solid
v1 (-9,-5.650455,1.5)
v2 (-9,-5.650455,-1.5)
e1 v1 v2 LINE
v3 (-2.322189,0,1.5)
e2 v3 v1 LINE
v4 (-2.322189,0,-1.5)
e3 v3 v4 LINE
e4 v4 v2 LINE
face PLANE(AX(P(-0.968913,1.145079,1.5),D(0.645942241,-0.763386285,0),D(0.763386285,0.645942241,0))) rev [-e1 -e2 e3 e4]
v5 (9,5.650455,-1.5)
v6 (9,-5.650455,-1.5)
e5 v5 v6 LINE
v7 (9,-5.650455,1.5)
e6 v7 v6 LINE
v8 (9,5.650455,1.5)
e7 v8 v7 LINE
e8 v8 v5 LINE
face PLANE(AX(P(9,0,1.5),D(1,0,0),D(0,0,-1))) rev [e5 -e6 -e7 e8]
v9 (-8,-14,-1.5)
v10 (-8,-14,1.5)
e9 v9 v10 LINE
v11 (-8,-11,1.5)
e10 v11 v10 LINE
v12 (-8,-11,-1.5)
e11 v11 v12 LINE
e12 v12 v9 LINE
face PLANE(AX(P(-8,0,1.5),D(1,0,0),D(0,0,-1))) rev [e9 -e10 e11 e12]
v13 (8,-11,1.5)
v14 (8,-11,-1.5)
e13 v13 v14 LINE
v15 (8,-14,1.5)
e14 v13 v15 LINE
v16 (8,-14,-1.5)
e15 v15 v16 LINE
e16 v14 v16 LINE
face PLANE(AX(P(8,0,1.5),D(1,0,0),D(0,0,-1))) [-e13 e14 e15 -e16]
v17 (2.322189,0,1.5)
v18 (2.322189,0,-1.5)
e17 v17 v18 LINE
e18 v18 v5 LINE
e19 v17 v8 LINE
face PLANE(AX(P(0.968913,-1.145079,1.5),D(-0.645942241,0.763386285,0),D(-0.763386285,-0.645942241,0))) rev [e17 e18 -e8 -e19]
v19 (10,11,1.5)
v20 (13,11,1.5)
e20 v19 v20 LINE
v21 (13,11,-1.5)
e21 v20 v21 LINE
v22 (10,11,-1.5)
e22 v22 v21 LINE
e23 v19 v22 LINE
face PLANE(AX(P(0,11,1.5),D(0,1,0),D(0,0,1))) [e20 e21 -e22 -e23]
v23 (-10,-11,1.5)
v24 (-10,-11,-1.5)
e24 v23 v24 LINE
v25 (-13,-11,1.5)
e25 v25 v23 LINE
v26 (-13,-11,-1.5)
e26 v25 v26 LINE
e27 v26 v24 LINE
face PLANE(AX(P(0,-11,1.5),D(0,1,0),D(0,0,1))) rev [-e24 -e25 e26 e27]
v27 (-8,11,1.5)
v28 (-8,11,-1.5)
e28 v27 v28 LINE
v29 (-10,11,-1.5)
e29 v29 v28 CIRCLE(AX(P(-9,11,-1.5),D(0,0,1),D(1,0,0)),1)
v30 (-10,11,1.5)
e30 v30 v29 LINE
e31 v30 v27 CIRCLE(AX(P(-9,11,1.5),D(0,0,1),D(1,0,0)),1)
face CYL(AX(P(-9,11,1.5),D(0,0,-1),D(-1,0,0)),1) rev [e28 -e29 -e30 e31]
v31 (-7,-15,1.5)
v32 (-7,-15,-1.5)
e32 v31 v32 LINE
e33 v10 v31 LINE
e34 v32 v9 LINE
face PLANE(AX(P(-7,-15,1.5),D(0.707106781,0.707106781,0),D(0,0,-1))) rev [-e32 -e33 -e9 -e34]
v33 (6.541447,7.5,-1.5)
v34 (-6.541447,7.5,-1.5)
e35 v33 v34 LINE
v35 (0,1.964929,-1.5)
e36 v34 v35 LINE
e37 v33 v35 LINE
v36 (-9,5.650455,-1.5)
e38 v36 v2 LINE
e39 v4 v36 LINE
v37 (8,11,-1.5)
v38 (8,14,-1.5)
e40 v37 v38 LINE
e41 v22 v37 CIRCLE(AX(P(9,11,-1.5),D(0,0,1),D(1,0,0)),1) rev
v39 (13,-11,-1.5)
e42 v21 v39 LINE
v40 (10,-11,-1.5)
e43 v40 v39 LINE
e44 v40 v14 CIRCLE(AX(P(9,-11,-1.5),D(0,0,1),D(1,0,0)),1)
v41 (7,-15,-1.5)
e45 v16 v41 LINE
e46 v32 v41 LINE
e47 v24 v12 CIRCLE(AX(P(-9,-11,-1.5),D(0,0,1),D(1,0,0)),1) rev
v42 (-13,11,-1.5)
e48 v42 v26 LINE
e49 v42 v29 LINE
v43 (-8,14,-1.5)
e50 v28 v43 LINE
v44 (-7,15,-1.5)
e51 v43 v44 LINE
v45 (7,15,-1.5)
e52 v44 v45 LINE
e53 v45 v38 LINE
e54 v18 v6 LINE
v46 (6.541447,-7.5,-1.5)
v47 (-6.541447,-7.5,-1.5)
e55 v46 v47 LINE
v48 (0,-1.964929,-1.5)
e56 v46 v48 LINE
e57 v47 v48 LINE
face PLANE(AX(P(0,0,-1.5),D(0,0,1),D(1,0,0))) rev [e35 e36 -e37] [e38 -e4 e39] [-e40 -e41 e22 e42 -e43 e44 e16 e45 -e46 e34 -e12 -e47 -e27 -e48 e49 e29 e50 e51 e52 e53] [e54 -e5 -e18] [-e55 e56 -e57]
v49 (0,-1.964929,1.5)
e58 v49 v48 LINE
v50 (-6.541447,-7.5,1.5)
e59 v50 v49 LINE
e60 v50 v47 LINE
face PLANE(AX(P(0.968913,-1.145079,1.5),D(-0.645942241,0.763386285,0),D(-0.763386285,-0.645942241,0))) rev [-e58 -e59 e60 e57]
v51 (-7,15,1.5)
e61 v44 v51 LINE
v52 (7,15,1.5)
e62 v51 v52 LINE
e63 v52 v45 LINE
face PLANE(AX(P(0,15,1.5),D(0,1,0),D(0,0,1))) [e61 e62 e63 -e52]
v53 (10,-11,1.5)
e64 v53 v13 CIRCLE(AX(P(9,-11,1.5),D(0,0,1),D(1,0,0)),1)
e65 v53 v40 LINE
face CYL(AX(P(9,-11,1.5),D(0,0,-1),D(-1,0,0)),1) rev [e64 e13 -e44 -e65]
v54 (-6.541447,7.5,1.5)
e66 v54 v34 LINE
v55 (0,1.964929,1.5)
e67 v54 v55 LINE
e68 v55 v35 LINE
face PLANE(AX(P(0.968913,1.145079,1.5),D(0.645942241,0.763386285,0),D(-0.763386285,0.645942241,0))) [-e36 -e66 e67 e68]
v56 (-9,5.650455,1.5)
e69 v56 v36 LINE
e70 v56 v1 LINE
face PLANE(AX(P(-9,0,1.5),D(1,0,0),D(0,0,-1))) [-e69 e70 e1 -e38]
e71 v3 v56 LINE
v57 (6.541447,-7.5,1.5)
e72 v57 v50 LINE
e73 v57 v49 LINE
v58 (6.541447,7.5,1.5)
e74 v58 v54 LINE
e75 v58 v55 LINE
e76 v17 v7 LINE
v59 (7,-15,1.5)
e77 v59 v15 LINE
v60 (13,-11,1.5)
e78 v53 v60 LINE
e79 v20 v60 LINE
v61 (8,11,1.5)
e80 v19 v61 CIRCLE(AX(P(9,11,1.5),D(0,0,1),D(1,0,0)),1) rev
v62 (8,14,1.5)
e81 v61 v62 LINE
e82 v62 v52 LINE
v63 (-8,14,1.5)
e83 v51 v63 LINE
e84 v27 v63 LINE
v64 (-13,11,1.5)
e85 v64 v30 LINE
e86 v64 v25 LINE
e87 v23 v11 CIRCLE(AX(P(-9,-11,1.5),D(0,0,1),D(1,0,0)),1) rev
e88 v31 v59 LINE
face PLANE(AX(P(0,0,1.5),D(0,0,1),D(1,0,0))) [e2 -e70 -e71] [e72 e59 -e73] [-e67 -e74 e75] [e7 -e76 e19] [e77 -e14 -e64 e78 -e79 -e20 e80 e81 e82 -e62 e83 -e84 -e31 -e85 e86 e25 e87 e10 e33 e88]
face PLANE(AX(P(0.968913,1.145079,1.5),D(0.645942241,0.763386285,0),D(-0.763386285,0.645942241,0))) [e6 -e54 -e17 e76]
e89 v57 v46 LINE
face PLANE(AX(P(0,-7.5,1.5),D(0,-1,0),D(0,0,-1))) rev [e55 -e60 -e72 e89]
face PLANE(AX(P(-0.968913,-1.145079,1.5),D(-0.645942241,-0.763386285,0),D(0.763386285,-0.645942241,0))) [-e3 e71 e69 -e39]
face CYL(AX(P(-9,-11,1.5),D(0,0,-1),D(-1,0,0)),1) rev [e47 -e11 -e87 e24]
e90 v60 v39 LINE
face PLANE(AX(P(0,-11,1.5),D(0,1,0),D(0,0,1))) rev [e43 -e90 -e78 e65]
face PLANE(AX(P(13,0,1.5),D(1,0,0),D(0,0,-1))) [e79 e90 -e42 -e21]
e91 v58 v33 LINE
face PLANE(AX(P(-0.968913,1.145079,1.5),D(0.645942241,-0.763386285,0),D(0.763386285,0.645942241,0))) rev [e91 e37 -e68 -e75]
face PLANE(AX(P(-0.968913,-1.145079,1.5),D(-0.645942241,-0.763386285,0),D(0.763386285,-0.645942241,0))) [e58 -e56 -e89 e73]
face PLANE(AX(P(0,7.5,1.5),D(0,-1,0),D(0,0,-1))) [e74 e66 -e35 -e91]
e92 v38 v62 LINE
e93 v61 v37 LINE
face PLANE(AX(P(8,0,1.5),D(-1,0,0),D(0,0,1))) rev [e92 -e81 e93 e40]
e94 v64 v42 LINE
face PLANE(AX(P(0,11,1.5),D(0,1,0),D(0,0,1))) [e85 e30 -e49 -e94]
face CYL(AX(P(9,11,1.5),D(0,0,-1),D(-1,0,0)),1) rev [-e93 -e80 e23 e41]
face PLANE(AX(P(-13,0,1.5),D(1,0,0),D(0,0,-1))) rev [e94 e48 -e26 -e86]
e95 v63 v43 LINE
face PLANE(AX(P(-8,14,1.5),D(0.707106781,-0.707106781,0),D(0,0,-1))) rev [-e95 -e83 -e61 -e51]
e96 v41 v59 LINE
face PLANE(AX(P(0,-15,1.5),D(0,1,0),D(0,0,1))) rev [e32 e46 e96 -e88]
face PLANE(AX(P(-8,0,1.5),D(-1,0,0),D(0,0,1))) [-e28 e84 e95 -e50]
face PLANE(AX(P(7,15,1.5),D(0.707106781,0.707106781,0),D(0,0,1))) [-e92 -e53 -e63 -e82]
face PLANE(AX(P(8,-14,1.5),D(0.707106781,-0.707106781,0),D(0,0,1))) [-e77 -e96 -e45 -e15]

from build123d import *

# Parameters (mm, degrees)
EXTRUDE_1_DEPTH = 1.5
CHAMFER_1_SIZE  = 1


with BuildPart() as part:
    # 草图1 → 凸台-拉伸1 (new, symmetric)
    with BuildSketch(Plane.XY):
        with BuildLine():
            Line((-8, 15), (-8, 11))
            ThreePointArc((-8, 11), (-9, 10), (-10, 11))
            Line((-10, 11), (-13, 11))
            Line((-13, 11), (-13, -11))
            Line((-13, -11), (-10, -11))
            ThreePointArc((-10, -11), (-9, -10), (-8, -11))
            Line((-8, -11), (-8, -15))
            Line((-8, -15), (8, -15))
            Line((8, -15), (8, -11))
            ThreePointArc((8, -11), (9, -10), (10, -11))
            Line((10, -11), (13, -11))
            Line((13, -11), (13, 11))
            Line((13, 11), (10, 11))
            ThreePointArc((10, 11), (9, 10), (8, 11))
            Line((8, 11), (8, 15))
            Line((8, 15), (-8, 15))
        make_face()
        Polygon((2.32218905, 0), (9, 5.650455419), (9, -5.650455419), align=None, mode=Mode.SUBTRACT)
        Polygon((0, -1.964929196), (6.541447314, -7.5), (-6.541447314, -7.5), align=None, mode=Mode.SUBTRACT)
        Polygon((-9, 5.650455419), (-2.32218905, 0), (-9, -5.650455419), align=None, mode=Mode.SUBTRACT)
        Polygon((-6.541447314, 7.5), (6.541447314, 7.5), (0, 1.964929196), align=None, mode=Mode.SUBTRACT)
    extrude(amount=EXTRUDE_1_DEPTH, both=True)

    # 倒角1
    chamfer_1_edges = [part.edges().sort_by_distance(p)[0] for p in [
        (-8, 15, 0),
        (8, 15, 0),
        (8, -15, 0),
        (-8, -15, 0),
    ]]
    chamfer(chamfer_1_edges, length=CHAMFER_1_SIZE)


solid = part.part
